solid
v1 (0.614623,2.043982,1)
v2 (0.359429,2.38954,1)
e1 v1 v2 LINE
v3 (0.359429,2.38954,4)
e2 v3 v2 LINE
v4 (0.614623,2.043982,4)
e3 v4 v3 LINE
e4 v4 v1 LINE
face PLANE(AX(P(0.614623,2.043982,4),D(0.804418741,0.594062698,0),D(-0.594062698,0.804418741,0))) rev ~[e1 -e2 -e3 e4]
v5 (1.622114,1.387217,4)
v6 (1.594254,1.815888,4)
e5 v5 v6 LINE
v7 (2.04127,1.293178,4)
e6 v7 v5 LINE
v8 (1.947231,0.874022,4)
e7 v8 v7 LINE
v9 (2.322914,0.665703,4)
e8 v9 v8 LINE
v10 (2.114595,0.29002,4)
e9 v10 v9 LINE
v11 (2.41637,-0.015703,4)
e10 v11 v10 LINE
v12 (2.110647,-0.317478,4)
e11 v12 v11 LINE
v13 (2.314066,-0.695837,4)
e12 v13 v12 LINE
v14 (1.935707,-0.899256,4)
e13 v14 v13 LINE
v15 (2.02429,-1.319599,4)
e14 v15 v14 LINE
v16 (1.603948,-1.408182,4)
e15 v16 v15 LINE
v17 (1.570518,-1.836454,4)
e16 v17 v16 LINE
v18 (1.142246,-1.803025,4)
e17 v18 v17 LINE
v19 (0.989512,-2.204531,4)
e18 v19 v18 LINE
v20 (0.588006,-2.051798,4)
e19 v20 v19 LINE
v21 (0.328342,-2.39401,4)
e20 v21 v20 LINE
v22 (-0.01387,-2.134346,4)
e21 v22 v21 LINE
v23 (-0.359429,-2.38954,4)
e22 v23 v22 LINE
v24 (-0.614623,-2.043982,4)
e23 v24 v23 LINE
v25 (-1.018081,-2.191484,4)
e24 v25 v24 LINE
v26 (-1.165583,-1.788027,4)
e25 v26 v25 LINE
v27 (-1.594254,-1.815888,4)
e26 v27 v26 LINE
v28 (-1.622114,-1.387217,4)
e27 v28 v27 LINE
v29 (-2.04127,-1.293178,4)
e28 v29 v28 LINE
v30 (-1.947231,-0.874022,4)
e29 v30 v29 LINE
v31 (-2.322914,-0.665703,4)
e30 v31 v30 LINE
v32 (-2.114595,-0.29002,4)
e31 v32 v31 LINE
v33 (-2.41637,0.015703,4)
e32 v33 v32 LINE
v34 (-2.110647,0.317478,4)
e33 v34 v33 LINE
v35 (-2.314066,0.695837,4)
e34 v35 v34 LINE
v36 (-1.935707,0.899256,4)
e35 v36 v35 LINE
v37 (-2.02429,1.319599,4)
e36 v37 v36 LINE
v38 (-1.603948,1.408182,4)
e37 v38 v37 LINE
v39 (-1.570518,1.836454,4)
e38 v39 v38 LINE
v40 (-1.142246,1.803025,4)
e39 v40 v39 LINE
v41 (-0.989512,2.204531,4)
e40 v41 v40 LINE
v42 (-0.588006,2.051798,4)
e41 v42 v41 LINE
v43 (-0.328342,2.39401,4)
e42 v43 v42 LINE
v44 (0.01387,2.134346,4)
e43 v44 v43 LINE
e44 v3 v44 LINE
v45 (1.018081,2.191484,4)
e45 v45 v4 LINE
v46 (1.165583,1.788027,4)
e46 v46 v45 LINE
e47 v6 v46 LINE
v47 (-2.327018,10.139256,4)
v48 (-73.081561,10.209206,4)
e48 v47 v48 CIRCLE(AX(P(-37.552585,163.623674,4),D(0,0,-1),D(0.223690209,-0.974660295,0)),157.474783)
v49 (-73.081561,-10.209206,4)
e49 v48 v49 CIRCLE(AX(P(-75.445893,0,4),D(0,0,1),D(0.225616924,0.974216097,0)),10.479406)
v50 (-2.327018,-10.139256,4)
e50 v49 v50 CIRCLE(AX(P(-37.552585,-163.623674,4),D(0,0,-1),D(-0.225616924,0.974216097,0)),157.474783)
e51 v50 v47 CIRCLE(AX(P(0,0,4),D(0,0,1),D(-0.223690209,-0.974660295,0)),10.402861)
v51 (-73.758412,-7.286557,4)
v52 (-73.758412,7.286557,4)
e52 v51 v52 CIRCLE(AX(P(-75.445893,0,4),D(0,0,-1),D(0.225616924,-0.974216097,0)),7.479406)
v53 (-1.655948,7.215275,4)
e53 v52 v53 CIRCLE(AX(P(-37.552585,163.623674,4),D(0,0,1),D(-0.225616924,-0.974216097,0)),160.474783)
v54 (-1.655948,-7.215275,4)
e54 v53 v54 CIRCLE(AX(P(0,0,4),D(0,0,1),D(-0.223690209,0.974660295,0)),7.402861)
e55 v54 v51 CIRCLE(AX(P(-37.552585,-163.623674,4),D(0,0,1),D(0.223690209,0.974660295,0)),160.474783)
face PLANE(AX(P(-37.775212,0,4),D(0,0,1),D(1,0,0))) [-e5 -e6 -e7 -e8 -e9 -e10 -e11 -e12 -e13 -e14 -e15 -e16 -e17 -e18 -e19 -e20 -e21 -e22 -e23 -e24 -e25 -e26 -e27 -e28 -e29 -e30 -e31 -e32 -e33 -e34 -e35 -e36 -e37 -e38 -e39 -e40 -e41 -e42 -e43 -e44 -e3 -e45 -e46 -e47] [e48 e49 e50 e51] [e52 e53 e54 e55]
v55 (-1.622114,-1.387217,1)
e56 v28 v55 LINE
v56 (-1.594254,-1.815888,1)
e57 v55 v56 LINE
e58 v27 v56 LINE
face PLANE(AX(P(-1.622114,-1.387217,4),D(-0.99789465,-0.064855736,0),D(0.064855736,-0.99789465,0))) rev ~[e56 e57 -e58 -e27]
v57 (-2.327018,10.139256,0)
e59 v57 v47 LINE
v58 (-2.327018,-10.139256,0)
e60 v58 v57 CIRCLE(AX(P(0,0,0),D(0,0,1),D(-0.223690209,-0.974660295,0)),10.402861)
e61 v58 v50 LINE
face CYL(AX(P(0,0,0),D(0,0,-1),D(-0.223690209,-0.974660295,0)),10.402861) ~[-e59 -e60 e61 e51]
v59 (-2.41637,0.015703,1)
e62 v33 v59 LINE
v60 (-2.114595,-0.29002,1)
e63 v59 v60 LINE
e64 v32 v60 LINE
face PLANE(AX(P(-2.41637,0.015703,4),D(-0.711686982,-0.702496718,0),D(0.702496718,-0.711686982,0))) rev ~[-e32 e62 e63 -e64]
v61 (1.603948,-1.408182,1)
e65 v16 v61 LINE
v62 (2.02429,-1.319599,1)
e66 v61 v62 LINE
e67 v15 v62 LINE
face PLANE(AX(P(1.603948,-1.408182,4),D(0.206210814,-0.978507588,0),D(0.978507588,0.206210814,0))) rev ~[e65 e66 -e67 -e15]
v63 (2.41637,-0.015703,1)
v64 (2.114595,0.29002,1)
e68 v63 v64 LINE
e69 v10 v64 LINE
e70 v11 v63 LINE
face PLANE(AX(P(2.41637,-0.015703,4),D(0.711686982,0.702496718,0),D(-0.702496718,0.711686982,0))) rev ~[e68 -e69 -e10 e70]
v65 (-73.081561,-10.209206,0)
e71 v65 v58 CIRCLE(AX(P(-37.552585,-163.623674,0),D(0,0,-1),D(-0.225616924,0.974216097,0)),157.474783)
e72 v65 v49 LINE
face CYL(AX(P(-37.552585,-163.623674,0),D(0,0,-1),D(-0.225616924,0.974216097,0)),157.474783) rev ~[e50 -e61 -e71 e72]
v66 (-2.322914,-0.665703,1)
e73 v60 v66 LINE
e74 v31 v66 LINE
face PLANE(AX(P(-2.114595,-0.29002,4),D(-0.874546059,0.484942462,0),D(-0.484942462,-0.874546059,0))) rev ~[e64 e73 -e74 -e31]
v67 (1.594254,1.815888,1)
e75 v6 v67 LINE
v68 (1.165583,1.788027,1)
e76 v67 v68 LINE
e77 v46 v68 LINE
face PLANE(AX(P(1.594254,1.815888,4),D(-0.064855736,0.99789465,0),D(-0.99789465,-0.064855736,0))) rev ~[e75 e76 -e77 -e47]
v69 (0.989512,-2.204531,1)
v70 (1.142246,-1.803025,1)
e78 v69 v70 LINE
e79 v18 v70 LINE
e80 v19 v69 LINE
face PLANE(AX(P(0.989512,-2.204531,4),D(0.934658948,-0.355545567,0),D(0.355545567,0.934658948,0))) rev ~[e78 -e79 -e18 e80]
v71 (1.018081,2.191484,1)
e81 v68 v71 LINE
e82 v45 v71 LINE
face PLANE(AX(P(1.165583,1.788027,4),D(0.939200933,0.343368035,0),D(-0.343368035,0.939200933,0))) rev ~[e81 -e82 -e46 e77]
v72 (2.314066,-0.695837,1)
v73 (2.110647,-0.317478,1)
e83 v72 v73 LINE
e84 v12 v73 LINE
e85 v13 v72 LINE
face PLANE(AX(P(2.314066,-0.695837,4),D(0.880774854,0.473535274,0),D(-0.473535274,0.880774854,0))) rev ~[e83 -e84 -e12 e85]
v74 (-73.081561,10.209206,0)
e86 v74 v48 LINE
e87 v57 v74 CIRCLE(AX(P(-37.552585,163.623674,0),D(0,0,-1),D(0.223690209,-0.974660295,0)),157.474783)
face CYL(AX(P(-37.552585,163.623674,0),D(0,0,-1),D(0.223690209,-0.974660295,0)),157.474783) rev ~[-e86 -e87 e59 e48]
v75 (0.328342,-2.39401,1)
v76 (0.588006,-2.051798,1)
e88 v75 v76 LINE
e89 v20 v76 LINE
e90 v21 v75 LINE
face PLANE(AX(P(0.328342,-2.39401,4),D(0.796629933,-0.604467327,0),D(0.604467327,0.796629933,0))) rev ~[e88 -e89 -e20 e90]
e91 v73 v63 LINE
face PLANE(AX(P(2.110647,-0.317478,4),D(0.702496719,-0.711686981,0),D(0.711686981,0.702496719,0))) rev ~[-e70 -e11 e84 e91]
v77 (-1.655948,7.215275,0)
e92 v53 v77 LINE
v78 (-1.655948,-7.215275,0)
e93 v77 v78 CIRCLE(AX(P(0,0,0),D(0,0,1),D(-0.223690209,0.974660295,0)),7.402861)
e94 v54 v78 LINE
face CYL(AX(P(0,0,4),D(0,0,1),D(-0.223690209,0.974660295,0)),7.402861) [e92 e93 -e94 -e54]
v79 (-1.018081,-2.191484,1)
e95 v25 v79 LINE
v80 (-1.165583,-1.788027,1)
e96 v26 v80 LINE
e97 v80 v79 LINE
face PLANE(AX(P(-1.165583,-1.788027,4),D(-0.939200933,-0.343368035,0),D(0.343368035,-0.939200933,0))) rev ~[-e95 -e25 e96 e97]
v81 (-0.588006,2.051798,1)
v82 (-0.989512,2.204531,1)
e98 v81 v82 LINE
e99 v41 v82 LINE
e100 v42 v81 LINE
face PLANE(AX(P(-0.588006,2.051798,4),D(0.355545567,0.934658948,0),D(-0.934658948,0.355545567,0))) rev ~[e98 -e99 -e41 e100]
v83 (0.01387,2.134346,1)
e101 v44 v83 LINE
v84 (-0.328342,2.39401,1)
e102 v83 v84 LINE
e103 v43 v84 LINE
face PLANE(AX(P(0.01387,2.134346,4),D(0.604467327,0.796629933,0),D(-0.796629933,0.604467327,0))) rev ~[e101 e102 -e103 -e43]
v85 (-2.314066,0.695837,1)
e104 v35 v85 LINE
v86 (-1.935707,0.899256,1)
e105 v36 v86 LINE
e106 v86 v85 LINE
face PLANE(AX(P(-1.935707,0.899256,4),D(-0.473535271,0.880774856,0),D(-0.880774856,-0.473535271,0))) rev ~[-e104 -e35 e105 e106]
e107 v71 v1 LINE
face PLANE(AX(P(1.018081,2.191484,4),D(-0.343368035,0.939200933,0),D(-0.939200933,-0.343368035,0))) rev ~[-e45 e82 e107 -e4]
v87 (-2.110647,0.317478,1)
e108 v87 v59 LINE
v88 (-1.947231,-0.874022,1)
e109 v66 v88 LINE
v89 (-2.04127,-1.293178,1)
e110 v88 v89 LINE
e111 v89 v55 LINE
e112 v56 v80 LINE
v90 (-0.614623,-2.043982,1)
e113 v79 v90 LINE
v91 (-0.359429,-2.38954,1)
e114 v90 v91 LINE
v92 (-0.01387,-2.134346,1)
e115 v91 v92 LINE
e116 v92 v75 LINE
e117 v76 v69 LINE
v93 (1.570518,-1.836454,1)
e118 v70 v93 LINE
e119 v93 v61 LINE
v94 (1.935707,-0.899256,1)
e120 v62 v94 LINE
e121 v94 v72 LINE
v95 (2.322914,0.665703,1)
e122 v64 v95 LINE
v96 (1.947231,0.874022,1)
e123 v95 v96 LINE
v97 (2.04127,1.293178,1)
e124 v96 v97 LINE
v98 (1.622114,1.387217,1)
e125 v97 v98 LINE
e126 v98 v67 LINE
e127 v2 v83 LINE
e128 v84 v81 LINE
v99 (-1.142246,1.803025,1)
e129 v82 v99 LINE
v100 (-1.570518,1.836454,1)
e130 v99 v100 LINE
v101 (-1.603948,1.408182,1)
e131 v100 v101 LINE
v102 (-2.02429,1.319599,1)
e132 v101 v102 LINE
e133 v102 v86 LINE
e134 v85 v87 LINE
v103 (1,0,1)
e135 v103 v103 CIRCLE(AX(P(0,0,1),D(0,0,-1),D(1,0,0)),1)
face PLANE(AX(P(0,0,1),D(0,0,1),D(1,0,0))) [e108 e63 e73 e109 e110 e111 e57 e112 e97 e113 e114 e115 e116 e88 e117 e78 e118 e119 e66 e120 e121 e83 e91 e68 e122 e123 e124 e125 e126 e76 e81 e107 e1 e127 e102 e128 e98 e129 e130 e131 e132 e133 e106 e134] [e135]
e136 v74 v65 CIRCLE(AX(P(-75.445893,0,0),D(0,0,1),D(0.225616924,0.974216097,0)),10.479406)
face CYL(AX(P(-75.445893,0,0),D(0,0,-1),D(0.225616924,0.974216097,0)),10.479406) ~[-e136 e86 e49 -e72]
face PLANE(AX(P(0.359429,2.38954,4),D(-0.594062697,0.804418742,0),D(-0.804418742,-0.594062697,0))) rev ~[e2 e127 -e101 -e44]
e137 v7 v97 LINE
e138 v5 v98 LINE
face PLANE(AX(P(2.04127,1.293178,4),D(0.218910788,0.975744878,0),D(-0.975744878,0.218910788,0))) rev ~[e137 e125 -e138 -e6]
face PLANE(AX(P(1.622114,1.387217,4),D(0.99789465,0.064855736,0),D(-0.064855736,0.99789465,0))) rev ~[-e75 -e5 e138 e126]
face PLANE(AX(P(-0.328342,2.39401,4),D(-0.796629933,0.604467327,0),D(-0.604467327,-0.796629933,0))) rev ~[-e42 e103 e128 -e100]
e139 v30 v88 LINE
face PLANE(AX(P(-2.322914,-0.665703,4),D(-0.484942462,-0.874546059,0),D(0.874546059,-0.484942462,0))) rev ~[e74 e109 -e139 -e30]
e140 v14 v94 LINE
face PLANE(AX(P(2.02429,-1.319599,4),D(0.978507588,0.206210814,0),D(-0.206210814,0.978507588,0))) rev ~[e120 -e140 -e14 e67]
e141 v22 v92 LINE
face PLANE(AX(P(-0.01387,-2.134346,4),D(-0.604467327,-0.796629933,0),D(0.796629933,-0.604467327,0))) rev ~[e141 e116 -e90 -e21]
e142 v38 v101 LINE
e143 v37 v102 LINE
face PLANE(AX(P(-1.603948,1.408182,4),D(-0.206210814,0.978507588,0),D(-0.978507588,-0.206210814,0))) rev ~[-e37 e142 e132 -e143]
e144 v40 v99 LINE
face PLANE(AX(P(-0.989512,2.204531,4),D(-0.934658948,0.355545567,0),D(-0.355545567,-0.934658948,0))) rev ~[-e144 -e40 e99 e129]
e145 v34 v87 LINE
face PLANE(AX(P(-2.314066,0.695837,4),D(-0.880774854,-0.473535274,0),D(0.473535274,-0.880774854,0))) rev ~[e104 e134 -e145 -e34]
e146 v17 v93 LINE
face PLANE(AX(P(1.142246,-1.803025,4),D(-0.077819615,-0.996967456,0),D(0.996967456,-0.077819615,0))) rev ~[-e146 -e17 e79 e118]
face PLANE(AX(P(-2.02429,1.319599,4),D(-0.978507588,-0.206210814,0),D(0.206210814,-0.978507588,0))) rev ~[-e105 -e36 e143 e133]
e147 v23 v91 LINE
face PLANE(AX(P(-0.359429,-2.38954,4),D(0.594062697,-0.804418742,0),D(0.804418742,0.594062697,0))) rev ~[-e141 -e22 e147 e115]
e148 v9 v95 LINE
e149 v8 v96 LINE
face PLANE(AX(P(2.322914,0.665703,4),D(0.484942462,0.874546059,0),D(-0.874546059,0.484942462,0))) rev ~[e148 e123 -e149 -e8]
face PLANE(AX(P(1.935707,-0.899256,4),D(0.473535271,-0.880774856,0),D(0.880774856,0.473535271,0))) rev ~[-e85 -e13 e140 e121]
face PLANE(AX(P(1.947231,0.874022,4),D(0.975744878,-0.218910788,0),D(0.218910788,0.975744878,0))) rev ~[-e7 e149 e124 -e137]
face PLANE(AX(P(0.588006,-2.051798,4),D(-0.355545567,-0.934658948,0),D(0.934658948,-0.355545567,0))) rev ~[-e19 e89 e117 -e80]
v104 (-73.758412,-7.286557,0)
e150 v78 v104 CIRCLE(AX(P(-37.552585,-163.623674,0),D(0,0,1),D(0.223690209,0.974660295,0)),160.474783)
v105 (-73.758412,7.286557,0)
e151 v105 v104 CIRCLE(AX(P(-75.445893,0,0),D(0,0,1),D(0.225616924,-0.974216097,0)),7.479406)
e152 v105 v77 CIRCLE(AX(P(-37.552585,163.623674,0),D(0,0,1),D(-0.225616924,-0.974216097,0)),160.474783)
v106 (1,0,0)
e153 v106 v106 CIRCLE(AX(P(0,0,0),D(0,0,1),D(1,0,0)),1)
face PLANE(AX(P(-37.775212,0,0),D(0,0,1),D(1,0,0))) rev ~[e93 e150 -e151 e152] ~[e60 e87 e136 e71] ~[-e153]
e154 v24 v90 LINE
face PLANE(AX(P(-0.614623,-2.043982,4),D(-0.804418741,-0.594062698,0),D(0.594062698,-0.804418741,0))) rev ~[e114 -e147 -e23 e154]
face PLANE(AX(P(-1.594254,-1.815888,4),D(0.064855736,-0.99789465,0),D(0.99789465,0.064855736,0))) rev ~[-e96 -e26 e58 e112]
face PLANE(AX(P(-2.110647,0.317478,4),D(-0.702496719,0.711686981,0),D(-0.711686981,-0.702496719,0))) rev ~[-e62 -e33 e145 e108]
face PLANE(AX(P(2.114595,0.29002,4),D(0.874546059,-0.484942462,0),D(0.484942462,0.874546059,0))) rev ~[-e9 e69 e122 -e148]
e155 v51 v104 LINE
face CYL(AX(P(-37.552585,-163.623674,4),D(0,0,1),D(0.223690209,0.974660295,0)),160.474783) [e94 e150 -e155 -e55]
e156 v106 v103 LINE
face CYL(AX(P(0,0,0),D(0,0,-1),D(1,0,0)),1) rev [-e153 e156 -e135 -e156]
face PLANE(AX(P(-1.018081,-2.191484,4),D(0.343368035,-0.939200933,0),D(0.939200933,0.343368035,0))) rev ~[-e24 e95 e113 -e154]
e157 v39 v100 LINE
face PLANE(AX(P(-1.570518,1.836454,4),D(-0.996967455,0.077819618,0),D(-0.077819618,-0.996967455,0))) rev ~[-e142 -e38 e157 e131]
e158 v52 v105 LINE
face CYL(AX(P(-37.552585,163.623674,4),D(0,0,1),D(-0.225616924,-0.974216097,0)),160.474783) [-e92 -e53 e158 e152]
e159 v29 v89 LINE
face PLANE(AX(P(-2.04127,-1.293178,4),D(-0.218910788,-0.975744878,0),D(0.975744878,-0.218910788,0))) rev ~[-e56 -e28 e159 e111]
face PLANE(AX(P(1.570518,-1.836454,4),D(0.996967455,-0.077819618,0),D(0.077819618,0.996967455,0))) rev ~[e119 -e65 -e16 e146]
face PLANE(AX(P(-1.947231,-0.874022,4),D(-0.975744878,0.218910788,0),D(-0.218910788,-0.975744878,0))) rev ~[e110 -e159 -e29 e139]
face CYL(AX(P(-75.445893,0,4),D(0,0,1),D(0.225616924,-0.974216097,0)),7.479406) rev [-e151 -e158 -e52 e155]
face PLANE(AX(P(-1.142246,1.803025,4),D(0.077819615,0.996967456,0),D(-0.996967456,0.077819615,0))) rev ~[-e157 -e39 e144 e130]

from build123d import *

# Parameters (mm, degrees)
SKIZZE1_R                       = 1
AUFSATZ_LINEAR_AUSTRAGEN1_DEPTH = 4
SCHNITT_LINEAR_AUSTRAGEN1_DEPTH = 6
SCHNITT_LINEAR_AUSTRAGEN2_DEPTH = 3


with BuildPart() as part:
    # Skizze1 → Aufsatz-Linear austragen1 (new body)
    with BuildSketch(Plane.XY):
        with BuildLine():
            ThreePointArc((-73.08156136, 10.209205546), (-85.925298124, 0), (-73.08156136, -10.209205546))
            ThreePointArc((-73.08156136, -10.209205546), (-37.708269243, -6.148967962), (-2.327018144, -10.139255556))
            ThreePointArc((-2.327018144, -10.139255556), (10.402860985, 0), (-2.327018144, 10.139255556))
            ThreePointArc((-2.327018144, 10.139255556), (-37.708269243, 6.148967962), (-73.08156136, 10.209205546))
        make_face()
        Circle(SKIZZE1_R, mode=Mode.SUBTRACT)
    extrude(amount=AUFSATZ_LINEAR_AUSTRAGEN1_DEPTH)

    # Skizze2 → Schnitt-Linear austragen1 (cut)
    with BuildSketch(Plane.XY.offset(4)):
        with BuildLine():
            ThreePointArc((-1.655947518, 7.215274671), (-7.402860985, 0), (-1.655947518, -7.215274671))
            ThreePointArc((-1.655947518, -7.215274671), (-37.711235128, -3.148969428), (-73.758412133, -7.286557255))
            ThreePointArc((-73.758412133, -7.286557255), (-82.925298124, 0), (-73.758412133, 7.286557255))
            ThreePointArc((-73.758412133, 7.286557255), (-37.711235128, 3.148969428), (-1.655947518, 7.215274671))
        make_face()
    extrude(amount=-SCHNITT_LINEAR_AUSTRAGEN1_DEPTH, mode=Mode.SUBTRACT)

    # Skizze6 → Schnitt-Linear austragen2 (cut)
    with BuildSketch(Plane.XY.offset(4)):
        Polygon((1.165582934, 1.788027089), (1.018080563, 2.19148446), (0.614623192, 2.043982089), (0.359428626, 2.389540381), (0.013870334, 2.134345816), (-0.32834208, 2.394009952), (-0.588006216, 2.051797538), (-0.989512463, 2.204531074), (-1.142245999, 1.803024827), (-1.570518432, 1.836454199), (-1.603947805, 1.408181766), (-2.024290337, 1.319598727), (-1.935707298, 0.899256194), (-2.314066279, 0.695837214), (-2.110647298, 0.317478234), (-2.416370332, 0.015703108), (-2.114595207, -0.290019926), (-2.322914432, -0.66570317), (-1.947231188, -0.874022395), (-2.04126982, -1.293178136), (-1.622114079, -1.387216768), (-1.594253667, -1.815887501), (-1.165582934, -1.788027089), (-1.018080563, -2.19148446), (-0.614623192, -2.043982089), (-0.359428626, -2.389540381), (-0.013870334, -2.134345816), (0.32834208, -2.394009952), (0.588006216, -2.051797538), (0.989512463, -2.204531074), (1.142245999, -1.803024827), (1.570518432, -1.836454199), (1.603947805, -1.408181766), (2.024290337, -1.319598727), (1.935707298, -0.899256194), (2.314066279, -0.695837214), (2.110647298, -0.317478234), (2.416370332, -0.015703108), (2.114595207, 0.290019926), (2.322914432, 0.66570317), (1.947231188, 0.874022395), (2.04126982, 1.293178136), (1.622114079, 1.387216768), (1.594253667, 1.815887501), align=None)
    extrude(amount=-SCHNITT_LINEAR_AUSTRAGEN2_DEPTH, mode=Mode.SUBTRACT)


solid = part.part
